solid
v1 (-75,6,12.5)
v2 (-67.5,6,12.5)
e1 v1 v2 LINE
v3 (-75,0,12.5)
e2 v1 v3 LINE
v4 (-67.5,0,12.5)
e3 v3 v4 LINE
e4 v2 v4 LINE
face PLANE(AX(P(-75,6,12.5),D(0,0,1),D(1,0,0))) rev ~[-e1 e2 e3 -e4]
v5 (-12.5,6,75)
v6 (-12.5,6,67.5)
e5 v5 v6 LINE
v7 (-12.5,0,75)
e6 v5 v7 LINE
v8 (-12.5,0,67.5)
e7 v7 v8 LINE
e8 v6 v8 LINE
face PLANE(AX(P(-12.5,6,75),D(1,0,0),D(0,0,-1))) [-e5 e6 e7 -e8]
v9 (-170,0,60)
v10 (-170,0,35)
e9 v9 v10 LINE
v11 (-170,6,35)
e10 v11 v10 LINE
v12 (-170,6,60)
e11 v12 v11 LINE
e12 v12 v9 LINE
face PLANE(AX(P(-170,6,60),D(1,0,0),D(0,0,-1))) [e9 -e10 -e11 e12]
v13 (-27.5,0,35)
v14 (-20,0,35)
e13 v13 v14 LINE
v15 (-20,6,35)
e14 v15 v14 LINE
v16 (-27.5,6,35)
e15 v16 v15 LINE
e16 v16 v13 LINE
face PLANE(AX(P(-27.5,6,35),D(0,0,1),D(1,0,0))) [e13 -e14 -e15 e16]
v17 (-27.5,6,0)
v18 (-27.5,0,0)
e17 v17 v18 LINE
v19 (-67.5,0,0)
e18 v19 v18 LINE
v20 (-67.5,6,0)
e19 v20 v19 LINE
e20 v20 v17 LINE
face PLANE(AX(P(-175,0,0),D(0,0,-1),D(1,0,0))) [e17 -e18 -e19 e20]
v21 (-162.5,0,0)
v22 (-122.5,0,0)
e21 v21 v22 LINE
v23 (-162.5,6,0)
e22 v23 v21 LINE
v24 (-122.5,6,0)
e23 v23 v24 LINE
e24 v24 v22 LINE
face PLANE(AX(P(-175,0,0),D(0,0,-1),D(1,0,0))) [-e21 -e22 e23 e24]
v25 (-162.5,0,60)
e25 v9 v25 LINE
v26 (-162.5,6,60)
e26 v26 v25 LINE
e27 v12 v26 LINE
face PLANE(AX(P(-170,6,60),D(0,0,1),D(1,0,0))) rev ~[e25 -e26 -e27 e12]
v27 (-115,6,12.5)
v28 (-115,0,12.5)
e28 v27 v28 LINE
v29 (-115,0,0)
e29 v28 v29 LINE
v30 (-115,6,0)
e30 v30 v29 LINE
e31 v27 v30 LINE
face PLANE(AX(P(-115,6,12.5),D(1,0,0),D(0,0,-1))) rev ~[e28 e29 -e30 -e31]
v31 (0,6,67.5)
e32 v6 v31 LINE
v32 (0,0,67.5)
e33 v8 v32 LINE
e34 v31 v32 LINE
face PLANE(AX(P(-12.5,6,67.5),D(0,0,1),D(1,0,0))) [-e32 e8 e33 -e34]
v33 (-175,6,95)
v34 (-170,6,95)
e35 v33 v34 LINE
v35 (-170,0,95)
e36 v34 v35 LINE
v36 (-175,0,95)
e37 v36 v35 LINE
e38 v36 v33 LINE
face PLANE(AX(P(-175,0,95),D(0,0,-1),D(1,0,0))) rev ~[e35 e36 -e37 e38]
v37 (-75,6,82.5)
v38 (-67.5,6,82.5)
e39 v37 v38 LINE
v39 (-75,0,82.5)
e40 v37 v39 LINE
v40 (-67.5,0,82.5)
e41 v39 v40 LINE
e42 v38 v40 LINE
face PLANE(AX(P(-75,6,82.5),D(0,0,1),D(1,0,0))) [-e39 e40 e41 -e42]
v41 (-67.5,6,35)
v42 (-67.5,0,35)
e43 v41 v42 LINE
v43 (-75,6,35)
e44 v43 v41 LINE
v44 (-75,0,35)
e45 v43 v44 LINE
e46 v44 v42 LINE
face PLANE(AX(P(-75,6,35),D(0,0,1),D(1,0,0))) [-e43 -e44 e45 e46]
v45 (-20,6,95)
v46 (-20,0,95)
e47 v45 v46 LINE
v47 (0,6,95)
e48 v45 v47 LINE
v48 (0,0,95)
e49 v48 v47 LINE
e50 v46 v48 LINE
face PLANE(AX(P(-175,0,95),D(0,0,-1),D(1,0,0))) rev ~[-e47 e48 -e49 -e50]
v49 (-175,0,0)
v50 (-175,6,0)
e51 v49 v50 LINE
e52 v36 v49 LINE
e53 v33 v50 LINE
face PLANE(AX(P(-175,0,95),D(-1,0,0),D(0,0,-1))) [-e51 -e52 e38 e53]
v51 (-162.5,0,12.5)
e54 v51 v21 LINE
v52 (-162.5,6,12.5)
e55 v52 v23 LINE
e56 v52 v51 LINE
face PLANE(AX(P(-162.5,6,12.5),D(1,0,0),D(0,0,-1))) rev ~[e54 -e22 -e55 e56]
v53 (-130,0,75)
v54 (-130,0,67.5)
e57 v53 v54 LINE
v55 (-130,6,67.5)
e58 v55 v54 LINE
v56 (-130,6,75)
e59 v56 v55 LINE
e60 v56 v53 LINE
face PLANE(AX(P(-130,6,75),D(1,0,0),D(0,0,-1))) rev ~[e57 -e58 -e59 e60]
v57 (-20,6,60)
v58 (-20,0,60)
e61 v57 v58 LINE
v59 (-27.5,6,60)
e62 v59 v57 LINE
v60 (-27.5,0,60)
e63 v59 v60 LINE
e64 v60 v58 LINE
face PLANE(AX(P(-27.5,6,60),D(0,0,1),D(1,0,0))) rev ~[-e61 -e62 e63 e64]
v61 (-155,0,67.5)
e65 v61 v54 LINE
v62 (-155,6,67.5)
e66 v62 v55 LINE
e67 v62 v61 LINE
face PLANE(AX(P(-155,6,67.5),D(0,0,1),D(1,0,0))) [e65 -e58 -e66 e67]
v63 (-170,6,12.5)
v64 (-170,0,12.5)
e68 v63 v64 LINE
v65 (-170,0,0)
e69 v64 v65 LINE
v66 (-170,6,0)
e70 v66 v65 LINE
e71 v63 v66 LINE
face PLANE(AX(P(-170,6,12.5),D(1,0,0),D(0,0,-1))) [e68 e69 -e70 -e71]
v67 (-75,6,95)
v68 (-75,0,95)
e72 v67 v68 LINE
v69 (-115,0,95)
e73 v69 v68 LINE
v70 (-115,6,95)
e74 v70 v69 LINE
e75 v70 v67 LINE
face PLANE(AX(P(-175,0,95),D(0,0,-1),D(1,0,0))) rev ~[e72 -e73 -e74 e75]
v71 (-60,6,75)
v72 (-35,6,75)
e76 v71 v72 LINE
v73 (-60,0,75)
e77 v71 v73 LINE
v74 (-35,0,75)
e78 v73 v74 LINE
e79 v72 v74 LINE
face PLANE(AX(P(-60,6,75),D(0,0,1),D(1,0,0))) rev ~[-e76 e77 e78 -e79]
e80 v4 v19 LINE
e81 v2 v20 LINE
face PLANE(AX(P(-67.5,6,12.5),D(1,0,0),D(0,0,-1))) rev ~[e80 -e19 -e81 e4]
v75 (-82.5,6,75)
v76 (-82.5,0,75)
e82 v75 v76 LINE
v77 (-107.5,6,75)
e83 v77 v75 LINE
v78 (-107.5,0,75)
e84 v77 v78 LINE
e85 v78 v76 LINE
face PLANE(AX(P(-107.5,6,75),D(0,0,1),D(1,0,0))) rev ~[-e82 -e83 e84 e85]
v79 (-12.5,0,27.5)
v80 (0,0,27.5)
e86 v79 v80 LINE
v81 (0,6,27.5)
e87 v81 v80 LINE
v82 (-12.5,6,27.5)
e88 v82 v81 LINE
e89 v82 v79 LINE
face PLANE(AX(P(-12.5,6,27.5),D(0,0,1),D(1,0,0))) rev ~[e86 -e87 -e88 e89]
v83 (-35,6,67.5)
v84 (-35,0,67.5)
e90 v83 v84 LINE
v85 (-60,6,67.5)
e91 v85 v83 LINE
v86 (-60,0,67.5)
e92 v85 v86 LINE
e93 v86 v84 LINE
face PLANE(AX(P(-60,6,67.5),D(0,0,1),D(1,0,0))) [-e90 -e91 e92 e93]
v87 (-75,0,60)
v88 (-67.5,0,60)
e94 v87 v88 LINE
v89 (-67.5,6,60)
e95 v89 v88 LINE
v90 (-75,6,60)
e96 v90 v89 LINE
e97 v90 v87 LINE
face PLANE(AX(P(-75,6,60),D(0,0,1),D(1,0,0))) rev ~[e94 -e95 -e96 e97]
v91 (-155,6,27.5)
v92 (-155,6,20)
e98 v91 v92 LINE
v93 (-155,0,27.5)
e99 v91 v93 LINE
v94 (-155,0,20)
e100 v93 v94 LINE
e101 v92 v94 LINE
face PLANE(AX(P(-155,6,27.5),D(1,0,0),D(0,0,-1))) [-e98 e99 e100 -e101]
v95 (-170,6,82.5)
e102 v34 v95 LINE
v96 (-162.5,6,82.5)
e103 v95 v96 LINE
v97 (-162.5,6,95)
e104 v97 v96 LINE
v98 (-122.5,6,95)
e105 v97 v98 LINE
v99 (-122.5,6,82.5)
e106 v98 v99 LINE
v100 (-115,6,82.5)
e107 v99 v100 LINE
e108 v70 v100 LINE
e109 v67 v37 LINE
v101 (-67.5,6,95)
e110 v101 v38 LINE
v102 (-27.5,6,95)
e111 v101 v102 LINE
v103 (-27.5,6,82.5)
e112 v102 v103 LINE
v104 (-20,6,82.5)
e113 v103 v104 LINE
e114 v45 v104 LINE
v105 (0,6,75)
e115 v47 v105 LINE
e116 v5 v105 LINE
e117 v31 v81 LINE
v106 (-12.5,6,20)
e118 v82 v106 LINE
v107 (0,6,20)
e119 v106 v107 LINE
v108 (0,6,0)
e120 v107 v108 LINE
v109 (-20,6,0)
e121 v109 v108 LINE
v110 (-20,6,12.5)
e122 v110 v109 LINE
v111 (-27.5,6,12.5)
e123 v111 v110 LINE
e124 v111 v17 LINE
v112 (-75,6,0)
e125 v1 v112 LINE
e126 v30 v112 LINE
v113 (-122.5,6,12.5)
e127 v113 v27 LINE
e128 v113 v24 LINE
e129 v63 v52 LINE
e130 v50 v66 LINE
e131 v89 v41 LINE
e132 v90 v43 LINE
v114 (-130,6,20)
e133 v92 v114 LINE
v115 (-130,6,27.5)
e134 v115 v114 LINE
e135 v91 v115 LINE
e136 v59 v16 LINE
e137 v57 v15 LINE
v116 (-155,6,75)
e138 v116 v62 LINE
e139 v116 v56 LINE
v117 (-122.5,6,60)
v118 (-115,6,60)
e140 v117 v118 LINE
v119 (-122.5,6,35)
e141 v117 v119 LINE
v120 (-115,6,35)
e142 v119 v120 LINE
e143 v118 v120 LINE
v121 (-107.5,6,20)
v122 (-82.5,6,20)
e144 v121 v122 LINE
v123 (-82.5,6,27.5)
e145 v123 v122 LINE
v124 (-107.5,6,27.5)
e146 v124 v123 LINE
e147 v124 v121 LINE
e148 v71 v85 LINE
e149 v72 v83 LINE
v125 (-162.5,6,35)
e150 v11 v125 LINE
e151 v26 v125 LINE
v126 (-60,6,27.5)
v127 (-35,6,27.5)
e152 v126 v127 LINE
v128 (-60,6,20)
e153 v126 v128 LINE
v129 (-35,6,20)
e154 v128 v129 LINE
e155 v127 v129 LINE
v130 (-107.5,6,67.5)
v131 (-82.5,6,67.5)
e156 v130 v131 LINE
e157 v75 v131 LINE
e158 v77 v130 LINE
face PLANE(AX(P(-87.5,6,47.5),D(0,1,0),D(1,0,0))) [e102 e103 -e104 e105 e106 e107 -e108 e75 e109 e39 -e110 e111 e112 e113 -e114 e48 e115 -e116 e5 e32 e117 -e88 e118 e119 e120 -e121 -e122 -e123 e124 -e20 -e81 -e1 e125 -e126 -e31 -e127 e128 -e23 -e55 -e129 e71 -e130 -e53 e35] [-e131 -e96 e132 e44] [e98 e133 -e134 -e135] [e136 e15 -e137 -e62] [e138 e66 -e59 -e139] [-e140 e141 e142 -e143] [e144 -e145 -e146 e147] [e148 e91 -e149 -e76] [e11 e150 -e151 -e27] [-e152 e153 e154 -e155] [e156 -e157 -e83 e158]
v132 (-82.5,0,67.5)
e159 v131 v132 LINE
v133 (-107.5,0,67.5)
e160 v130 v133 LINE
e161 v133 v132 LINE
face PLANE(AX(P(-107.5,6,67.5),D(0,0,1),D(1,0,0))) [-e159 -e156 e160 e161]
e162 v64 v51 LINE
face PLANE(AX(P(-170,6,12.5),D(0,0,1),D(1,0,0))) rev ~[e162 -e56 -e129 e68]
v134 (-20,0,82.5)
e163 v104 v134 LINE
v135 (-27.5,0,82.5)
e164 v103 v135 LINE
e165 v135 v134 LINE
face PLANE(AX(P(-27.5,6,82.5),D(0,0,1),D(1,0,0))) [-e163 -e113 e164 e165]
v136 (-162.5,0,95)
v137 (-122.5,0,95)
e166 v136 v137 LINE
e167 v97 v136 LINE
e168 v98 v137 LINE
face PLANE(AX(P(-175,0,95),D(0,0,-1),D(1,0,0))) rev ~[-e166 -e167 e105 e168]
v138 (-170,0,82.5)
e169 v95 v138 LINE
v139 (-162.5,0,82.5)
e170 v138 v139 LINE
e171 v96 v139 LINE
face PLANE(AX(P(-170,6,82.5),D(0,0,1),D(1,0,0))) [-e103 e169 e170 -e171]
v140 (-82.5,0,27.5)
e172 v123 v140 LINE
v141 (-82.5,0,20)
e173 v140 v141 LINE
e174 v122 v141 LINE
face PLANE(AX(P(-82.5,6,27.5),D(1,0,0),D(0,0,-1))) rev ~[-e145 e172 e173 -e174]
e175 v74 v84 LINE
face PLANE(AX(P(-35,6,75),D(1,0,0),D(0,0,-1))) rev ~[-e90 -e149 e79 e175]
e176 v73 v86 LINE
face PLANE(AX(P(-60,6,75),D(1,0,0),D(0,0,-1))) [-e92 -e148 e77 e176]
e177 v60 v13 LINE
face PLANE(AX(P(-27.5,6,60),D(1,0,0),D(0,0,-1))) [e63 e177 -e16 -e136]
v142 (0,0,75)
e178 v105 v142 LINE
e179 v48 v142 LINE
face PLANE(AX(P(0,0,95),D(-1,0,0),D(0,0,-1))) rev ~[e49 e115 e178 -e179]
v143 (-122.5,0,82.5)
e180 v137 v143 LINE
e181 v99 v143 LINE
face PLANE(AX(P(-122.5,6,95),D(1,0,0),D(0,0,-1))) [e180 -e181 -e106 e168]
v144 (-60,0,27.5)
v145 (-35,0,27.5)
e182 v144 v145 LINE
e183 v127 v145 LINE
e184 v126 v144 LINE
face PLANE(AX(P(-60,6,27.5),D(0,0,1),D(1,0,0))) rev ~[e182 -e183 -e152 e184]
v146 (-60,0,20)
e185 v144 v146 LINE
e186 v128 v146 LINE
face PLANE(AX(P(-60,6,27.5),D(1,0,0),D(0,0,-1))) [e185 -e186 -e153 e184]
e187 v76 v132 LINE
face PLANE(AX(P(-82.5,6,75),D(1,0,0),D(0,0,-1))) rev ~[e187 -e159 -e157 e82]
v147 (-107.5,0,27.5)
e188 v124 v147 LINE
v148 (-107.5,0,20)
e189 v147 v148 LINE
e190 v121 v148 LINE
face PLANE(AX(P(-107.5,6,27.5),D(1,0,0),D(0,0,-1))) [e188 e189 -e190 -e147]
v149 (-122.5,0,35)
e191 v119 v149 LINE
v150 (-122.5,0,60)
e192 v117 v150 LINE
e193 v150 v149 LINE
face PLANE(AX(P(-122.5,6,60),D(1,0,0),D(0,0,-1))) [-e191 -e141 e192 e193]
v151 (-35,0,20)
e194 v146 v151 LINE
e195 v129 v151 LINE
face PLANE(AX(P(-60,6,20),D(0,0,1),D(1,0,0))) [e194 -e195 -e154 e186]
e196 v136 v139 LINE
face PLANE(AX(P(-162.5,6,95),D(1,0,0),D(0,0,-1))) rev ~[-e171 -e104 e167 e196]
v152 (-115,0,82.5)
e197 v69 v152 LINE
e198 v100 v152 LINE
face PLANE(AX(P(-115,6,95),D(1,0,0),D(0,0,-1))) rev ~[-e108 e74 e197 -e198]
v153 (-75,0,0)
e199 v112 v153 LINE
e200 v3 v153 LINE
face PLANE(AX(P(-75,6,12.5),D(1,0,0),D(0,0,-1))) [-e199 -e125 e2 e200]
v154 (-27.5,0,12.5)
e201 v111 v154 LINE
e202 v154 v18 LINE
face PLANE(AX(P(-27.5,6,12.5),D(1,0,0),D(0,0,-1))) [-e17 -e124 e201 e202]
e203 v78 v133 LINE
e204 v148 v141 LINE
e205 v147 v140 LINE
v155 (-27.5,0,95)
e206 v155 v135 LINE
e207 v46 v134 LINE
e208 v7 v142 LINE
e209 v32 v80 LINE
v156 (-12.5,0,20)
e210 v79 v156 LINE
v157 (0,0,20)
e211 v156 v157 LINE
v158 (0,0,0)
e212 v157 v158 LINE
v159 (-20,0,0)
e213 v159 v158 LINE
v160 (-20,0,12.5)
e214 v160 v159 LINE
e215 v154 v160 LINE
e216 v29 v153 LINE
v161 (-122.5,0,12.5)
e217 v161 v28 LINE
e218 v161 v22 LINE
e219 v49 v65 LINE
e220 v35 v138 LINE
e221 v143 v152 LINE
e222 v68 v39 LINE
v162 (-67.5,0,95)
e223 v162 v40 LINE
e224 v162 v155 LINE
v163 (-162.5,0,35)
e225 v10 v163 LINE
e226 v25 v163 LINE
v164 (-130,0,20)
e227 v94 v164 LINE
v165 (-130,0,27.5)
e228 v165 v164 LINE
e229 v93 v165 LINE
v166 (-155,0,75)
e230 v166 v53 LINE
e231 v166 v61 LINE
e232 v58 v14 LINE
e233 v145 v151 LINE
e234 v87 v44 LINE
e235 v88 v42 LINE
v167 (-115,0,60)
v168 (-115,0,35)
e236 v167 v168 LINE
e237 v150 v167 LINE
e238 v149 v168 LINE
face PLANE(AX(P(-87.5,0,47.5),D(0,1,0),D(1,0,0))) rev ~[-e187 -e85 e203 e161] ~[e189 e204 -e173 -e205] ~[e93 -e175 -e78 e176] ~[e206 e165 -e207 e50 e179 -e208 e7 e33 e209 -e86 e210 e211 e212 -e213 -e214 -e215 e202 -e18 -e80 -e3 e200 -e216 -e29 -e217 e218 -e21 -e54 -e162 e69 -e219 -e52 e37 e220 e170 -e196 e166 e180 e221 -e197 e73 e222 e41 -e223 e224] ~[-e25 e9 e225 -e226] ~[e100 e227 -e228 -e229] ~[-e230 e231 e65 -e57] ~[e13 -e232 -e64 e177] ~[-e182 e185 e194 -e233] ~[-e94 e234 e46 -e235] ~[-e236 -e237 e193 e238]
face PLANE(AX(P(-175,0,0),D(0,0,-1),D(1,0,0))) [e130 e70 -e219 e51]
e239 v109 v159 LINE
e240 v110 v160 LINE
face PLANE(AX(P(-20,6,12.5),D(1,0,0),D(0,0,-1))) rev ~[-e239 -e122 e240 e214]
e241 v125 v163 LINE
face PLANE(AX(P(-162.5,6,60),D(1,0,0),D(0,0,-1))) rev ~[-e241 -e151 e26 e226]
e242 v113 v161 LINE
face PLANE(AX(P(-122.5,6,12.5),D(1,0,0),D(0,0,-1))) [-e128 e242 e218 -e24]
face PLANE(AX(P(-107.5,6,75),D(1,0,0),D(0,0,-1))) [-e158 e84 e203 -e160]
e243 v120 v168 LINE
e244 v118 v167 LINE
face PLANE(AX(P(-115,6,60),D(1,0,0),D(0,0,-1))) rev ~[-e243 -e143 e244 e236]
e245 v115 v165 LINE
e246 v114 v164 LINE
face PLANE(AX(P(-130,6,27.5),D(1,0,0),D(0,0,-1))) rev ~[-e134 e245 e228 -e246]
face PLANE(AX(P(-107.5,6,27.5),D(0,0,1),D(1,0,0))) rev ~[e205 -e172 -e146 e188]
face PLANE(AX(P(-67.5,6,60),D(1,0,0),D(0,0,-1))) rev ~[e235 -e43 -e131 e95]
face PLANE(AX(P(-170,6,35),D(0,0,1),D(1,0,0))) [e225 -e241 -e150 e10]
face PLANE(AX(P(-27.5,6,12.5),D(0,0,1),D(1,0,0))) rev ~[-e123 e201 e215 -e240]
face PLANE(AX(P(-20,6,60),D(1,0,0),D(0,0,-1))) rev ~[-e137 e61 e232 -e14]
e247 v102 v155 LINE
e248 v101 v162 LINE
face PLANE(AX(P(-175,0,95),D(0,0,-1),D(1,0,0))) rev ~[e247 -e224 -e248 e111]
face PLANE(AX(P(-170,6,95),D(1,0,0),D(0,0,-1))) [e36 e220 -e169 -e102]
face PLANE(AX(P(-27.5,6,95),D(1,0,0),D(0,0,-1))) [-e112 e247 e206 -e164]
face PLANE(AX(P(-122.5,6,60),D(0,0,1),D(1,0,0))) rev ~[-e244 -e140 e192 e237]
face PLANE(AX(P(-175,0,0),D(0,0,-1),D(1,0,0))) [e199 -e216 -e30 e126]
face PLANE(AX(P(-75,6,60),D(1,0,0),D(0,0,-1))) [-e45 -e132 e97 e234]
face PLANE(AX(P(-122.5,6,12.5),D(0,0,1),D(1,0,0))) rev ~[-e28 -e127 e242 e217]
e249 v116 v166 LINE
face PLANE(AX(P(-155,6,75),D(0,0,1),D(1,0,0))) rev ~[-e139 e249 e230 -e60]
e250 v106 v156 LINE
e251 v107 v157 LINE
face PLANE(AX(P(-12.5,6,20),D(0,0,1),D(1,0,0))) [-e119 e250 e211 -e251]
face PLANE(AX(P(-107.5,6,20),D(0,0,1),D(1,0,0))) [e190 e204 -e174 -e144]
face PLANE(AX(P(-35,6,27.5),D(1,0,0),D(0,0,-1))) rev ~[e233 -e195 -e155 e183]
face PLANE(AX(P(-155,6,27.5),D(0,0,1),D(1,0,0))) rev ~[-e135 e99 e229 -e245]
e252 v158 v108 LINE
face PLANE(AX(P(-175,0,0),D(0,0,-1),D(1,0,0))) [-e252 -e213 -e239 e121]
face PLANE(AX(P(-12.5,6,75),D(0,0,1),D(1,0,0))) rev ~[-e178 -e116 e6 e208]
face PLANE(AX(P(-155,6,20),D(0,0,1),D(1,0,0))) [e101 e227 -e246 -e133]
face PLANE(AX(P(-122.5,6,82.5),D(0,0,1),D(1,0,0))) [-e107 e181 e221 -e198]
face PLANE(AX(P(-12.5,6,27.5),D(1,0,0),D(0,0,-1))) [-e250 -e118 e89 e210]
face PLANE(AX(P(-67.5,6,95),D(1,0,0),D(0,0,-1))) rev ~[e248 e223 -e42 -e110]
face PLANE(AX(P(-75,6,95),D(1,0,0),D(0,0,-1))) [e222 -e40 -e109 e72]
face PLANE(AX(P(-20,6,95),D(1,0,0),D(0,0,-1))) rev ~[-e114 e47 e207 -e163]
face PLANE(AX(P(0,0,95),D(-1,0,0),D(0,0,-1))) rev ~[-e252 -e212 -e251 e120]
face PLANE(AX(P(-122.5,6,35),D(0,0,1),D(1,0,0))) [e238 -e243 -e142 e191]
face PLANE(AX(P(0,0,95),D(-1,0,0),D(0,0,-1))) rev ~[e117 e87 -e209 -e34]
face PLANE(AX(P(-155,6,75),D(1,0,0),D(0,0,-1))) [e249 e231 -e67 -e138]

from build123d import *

# Parameters (mm, degrees)
ESQUISSE1_W             = 175
ESQUISSE1_H             = 95
BOSS_EXTRU_1_DEPTH      = 6
ESQUISSE9_W             = 25
ESQUISSE9_H             = 7.5
ESQUISSE9_W_2           = 12.5
ESQUISSE9_W_3           = 7.5
ESQUISSE9_H_2           = 12.5
ESQUISSE9_H_3           = 25
ENL_V_MAT_EXTRU_1_DEPTH = 6000


with BuildPart() as part:
    # Esquisse1 → Boss.-Extru.1 (new body)
    with BuildSketch(Plane(origin=(0, 0, 0), x_dir=(1, 0, 0), z_dir=(0, 1, 0))):
        with Locations((-87.5, -47.5)):
            Rectangle(ESQUISSE1_W, ESQUISSE1_H)
    extrude(amount=BOSS_EXTRU_1_DEPTH)

    # Esquisse9 → Enlèv. mat.-Extru.1 (cut)
    with BuildSketch(Plane(origin=(0, 6, 0), x_dir=(1, 0, 0), z_dir=(0, 1, 0))):
        with Locations((-142.5, -23.75)):
            Rectangle(ESQUISSE9_W, ESQUISSE9_H)
        with Locations((-142.5, -71.25)):
            Rectangle(ESQUISSE9_W, ESQUISSE9_H)
        with Locations((-95, -71.25)):
            Rectangle(ESQUISSE9_W, ESQUISSE9_H)
        with Locations((-95, -23.75)):
            Rectangle(ESQUISSE9_W, ESQUISSE9_H)
        with Locations((-47.5, -23.75)):
            Rectangle(ESQUISSE9_W, ESQUISSE9_H)
        with Locations((-6.25, -23.75)):
            Rectangle(ESQUISSE9_W_2, ESQUISSE9_H)
        with Locations((-47.5, -71.25)):
            Rectangle(ESQUISSE9_W, ESQUISSE9_H)
        with Locations((-6.25, -71.25)):
            Rectangle(ESQUISSE9_W_2, ESQUISSE9_H)
        with Locations((-166.25, -88.75)):
            Rectangle(ESQUISSE9_W_3, ESQUISSE9_H_2)
        with Locations((-166.25, -47.5)):
            Rectangle(ESQUISSE9_W_3, ESQUISSE9_H_3)
        with Locations((-166.25, -6.25)):
            Rectangle(ESQUISSE9_W_3, ESQUISSE9_H_2)
        with Locations((-118.75, -88.75)):
            Rectangle(ESQUISSE9_W_3, ESQUISSE9_H_2)
        with Locations((-71.25, -88.75)):
            Rectangle(ESQUISSE9_W_3, ESQUISSE9_H_2)
        with Locations((-23.75, -88.75)):
            Rectangle(ESQUISSE9_W_3, ESQUISSE9_H_2)
        with Locations((-118.75, -47.5)):
            Rectangle(ESQUISSE9_W_3, ESQUISSE9_H_3)
        with Locations((-71.25, -47.5)):
            Rectangle(ESQUISSE9_W_3, ESQUISSE9_H_3)
        with Locations((-23.75, -47.5)):
            Rectangle(ESQUISSE9_W_3, ESQUISSE9_H_3)
        with Locations((-118.75, -6.25)):
            Rectangle(ESQUISSE9_W_3, ESQUISSE9_H_2)
        with Locations((-71.25, -6.25)):
            Rectangle(ESQUISSE9_W_3, ESQUISSE9_H_2)
        with Locations((-23.75, -6.25)):
            Rectangle(ESQUISSE9_W_3, ESQUISSE9_H_2)
    extrude(amount=-ENL_V_MAT_EXTRU_1_DEPTH, mode=Mode.SUBTRACT)


solid = part.part
